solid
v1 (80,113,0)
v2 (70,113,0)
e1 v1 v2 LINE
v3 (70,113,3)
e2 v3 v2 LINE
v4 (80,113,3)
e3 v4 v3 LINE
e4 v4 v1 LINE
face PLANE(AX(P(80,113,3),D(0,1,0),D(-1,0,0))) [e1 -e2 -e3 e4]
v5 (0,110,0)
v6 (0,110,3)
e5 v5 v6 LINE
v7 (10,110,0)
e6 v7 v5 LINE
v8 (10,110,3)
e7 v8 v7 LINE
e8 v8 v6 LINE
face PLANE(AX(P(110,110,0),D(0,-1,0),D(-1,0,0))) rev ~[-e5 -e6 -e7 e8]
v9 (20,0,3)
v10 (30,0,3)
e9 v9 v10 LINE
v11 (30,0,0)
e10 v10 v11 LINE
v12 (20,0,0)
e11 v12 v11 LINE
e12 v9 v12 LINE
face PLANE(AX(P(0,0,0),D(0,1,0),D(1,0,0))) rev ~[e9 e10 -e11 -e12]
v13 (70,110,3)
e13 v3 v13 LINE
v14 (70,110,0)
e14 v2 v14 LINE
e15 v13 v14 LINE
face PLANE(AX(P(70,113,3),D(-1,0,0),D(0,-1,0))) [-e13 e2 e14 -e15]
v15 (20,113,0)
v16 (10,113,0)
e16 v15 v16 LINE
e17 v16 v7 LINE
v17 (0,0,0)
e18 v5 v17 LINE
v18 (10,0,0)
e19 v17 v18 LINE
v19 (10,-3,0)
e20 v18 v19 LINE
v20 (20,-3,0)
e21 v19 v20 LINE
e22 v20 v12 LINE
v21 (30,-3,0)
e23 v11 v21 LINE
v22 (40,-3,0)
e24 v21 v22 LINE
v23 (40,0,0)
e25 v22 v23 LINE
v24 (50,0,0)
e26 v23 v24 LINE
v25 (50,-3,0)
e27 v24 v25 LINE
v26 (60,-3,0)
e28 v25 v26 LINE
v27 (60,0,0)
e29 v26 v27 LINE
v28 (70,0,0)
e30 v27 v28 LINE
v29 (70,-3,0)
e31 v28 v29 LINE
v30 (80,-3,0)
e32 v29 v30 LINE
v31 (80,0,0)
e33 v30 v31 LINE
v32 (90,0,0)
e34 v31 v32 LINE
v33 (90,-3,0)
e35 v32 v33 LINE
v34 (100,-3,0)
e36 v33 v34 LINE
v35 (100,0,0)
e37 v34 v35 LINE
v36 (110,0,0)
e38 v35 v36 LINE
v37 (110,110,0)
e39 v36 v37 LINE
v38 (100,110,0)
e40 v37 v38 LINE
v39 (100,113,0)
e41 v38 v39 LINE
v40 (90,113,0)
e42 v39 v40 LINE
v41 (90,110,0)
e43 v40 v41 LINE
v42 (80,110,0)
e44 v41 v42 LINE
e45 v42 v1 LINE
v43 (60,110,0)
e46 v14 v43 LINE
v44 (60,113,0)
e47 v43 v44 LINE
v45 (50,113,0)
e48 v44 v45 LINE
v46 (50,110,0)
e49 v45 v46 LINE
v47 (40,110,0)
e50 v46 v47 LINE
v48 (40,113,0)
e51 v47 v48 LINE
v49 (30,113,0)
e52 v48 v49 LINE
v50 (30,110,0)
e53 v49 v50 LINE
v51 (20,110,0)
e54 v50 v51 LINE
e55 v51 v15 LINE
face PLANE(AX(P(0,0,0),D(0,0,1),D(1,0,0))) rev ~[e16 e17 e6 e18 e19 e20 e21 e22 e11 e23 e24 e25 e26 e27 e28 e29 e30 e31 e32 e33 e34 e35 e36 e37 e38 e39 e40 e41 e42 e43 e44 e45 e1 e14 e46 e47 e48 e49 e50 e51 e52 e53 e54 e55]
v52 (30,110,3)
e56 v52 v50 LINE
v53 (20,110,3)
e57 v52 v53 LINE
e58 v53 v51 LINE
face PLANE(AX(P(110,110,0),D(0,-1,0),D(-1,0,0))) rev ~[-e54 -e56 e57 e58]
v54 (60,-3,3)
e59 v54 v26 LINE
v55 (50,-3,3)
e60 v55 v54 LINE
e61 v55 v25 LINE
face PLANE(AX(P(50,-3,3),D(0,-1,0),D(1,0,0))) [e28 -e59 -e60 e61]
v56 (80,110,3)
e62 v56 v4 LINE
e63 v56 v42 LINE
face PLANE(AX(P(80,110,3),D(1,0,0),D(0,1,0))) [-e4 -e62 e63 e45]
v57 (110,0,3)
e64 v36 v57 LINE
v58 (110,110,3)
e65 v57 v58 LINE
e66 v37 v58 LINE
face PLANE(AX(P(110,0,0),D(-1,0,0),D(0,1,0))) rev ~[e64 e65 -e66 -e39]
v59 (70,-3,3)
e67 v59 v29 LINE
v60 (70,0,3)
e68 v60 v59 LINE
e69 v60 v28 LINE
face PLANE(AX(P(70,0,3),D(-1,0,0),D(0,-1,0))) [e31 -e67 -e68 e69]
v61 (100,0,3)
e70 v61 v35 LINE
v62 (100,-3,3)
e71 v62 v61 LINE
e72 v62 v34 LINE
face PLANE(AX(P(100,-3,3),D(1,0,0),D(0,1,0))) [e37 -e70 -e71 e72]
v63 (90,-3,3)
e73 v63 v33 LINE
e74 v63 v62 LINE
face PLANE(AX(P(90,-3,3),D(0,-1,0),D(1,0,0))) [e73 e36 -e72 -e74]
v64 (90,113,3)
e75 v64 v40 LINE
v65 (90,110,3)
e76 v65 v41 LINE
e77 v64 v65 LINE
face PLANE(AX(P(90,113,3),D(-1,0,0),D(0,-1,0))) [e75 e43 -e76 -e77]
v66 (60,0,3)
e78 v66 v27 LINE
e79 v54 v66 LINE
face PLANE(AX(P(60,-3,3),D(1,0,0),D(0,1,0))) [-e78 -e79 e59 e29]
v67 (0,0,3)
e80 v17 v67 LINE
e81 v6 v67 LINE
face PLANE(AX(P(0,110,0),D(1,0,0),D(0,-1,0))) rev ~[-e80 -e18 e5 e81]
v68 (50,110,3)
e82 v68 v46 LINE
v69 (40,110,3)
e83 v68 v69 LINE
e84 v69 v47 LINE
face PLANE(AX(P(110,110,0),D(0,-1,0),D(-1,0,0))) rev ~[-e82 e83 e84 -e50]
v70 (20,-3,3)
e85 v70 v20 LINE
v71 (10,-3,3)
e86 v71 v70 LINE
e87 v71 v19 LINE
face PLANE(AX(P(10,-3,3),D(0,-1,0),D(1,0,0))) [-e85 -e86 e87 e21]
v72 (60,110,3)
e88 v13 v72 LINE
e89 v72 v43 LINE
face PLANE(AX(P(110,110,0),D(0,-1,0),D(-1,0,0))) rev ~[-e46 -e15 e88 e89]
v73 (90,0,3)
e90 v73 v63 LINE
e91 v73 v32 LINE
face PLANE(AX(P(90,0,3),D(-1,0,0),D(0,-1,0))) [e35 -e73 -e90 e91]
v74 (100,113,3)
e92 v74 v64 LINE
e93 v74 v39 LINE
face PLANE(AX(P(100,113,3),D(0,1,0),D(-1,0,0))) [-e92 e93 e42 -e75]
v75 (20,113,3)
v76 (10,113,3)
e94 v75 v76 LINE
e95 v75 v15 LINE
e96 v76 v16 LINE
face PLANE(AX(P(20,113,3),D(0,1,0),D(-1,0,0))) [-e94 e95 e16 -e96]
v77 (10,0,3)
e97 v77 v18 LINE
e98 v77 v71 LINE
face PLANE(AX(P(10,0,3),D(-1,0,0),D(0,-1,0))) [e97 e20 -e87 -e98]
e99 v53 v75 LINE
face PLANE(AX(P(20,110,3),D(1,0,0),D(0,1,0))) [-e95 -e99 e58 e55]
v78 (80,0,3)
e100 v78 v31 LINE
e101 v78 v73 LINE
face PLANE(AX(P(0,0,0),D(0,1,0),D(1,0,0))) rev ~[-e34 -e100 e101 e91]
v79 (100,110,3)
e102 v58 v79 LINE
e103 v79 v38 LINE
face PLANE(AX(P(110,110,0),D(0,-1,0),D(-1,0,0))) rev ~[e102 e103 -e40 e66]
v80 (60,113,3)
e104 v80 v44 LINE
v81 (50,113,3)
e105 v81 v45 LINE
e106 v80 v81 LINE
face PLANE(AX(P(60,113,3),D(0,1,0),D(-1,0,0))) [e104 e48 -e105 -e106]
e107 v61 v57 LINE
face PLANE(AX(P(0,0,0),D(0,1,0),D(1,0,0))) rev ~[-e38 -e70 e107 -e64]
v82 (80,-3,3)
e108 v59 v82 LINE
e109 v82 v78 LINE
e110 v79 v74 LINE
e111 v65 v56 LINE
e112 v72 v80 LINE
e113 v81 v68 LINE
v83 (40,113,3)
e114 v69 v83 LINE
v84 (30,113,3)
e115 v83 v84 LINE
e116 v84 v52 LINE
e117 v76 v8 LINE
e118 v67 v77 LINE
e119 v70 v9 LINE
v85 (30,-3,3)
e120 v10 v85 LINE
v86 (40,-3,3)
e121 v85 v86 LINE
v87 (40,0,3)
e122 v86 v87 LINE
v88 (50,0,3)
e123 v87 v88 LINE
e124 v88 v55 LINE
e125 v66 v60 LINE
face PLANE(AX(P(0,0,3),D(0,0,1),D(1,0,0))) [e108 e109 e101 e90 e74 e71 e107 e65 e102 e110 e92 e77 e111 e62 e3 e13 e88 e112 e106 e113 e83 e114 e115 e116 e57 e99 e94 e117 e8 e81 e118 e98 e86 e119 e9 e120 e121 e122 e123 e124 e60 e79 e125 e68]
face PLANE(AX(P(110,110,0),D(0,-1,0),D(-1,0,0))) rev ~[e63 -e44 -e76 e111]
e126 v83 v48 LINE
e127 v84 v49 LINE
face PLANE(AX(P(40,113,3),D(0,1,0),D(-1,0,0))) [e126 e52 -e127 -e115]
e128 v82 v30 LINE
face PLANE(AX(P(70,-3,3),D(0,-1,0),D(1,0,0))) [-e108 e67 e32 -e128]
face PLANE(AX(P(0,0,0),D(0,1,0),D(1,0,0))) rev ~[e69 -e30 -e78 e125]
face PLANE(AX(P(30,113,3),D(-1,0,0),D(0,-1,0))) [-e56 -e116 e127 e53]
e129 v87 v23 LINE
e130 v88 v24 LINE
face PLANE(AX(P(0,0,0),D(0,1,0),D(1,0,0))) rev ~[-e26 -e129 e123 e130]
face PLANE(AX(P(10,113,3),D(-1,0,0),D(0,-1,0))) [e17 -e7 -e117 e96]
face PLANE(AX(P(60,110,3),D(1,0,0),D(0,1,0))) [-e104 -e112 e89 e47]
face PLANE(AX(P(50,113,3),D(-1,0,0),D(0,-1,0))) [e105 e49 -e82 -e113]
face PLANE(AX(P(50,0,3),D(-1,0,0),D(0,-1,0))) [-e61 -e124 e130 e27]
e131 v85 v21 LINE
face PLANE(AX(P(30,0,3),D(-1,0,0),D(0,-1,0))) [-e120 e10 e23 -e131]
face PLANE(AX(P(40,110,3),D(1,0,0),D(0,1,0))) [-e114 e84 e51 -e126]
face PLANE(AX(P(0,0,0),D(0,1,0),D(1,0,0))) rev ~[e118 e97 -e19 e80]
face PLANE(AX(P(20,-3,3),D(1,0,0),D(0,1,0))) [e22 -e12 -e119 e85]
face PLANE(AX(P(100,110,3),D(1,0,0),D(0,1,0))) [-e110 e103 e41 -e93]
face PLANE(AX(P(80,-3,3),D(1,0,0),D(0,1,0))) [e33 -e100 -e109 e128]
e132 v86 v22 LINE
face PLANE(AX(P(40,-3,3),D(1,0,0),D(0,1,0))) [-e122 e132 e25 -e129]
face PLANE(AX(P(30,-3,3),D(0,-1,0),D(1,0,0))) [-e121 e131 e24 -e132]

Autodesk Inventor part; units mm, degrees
ref_plane "YZ Plane" through (0, 0, 0) normal (1, 0, 0) x (0, 1, 0)
ref_plane "XZ Plane" through (0, 0, 0) normal (0, 1, 0) x (-1, 0, 0)
ref_plane "XY Plane" through (0, 0, 0) normal (0, 0, 1) x (1, 0, 0)
sketch "Sketch1" plane through (0, 0, 0) normal (0, 0, 1) x (1, 0, 0)
  line L0 (0, 0) -> (110, 0)
  line L1 (110, 0) -> (110, 110)
  line L2 (110, 110) -> (0, 110)
  line L3 (0, 110) -> (0, 0)
  dimension "d0" = 110
  dimension "d1" = 110
extrude "Extrusion1" add sketch "Sketch1" along normal blind 3
sketch "Sketch2" plane through (0, 0, 3) normal (0, 0, 1) x (1, 0, 0)
  line L0 (110, 110) -> (0, 110) projected
  line L1 (10, 110) -> (20, 110)
  line L2 (20, 110) -> (20, 113)
  line L3 (20, 113) -> (10, 113)
  line L4 (10, 113) -> (10, 110)
  line L5 (30, 110) -> (40, 110)
  line L6 (40, 110) -> (40, 113)
  line L7 (40, 113) -> (30, 113)
  line L8 (30, 113) -> (30, 110)
  line L9 (50, 110) -> (60, 110)
  line L10 (60, 110) -> (60, 113)
  line L11 (60, 113) -> (50, 113)
  line L12 (50, 113) -> (50, 110)
  line L13 (70, 110) -> (80, 110)
  line L14 (80, 110) -> (80, 113)
  line L15 (80, 113) -> (70, 113)
  line L16 (70, 113) -> (70, 110)
  line L17 (90, 110) -> (100, 110)
  line L18 (100, 110) -> (100, 113)
  line L19 (100, 113) -> (90, 113)
  line L20 (90, 113) -> (90, 110)
  line L21 (0, 110) -> (0, 0) projected
  line L22 (10, -3) -> (20, -3)
  line L23 (20, -3) -> (20, 0)
  line L24 (20, 0) -> (10, 0)
  line L25 (10, 0) -> (10, -3)
  line L26 (30, -3) -> (40, -3)
  line L27 (40, -3) -> (40, 0)
  line L28 (40, 0) -> (30, 0)
  line L29 (30, 0) -> (30, -3)
  line L30 (50, -3) -> (60, -3)
  line L31 (60, -3) -> (60, 0)
  line L32 (60, 0) -> (50, 0)
  line L33 (50, 0) -> (50, -3)
  line L34 (70, -3) -> (80, -3)
  line L35 (80, -3) -> (80, 0)
  line L36 (80, 0) -> (70, 0)
  line L37 (70, 0) -> (70, -3)
  line L38 (90, -3) -> (100, -3)
  line L39 (100, -3) -> (100, 0)
  line L40 (100, 0) -> (90, 0)
  line L41 (90, 0) -> (90, -3)
  dimension "d4" = 10
  dimension "d5" = 3
  dimension "d6" = 10
  dimension "d9" = 20
  dimension "d12" = 113
extrude "Extrusion2" add sketch "Sketch2" against normal blind 3
sketch "Sketch3" plane through (0, 0, 3) normal (0, 0, 1) x (1, 0, 0)
  point P0 (0, 0)
properties part number "Techopantalla"
